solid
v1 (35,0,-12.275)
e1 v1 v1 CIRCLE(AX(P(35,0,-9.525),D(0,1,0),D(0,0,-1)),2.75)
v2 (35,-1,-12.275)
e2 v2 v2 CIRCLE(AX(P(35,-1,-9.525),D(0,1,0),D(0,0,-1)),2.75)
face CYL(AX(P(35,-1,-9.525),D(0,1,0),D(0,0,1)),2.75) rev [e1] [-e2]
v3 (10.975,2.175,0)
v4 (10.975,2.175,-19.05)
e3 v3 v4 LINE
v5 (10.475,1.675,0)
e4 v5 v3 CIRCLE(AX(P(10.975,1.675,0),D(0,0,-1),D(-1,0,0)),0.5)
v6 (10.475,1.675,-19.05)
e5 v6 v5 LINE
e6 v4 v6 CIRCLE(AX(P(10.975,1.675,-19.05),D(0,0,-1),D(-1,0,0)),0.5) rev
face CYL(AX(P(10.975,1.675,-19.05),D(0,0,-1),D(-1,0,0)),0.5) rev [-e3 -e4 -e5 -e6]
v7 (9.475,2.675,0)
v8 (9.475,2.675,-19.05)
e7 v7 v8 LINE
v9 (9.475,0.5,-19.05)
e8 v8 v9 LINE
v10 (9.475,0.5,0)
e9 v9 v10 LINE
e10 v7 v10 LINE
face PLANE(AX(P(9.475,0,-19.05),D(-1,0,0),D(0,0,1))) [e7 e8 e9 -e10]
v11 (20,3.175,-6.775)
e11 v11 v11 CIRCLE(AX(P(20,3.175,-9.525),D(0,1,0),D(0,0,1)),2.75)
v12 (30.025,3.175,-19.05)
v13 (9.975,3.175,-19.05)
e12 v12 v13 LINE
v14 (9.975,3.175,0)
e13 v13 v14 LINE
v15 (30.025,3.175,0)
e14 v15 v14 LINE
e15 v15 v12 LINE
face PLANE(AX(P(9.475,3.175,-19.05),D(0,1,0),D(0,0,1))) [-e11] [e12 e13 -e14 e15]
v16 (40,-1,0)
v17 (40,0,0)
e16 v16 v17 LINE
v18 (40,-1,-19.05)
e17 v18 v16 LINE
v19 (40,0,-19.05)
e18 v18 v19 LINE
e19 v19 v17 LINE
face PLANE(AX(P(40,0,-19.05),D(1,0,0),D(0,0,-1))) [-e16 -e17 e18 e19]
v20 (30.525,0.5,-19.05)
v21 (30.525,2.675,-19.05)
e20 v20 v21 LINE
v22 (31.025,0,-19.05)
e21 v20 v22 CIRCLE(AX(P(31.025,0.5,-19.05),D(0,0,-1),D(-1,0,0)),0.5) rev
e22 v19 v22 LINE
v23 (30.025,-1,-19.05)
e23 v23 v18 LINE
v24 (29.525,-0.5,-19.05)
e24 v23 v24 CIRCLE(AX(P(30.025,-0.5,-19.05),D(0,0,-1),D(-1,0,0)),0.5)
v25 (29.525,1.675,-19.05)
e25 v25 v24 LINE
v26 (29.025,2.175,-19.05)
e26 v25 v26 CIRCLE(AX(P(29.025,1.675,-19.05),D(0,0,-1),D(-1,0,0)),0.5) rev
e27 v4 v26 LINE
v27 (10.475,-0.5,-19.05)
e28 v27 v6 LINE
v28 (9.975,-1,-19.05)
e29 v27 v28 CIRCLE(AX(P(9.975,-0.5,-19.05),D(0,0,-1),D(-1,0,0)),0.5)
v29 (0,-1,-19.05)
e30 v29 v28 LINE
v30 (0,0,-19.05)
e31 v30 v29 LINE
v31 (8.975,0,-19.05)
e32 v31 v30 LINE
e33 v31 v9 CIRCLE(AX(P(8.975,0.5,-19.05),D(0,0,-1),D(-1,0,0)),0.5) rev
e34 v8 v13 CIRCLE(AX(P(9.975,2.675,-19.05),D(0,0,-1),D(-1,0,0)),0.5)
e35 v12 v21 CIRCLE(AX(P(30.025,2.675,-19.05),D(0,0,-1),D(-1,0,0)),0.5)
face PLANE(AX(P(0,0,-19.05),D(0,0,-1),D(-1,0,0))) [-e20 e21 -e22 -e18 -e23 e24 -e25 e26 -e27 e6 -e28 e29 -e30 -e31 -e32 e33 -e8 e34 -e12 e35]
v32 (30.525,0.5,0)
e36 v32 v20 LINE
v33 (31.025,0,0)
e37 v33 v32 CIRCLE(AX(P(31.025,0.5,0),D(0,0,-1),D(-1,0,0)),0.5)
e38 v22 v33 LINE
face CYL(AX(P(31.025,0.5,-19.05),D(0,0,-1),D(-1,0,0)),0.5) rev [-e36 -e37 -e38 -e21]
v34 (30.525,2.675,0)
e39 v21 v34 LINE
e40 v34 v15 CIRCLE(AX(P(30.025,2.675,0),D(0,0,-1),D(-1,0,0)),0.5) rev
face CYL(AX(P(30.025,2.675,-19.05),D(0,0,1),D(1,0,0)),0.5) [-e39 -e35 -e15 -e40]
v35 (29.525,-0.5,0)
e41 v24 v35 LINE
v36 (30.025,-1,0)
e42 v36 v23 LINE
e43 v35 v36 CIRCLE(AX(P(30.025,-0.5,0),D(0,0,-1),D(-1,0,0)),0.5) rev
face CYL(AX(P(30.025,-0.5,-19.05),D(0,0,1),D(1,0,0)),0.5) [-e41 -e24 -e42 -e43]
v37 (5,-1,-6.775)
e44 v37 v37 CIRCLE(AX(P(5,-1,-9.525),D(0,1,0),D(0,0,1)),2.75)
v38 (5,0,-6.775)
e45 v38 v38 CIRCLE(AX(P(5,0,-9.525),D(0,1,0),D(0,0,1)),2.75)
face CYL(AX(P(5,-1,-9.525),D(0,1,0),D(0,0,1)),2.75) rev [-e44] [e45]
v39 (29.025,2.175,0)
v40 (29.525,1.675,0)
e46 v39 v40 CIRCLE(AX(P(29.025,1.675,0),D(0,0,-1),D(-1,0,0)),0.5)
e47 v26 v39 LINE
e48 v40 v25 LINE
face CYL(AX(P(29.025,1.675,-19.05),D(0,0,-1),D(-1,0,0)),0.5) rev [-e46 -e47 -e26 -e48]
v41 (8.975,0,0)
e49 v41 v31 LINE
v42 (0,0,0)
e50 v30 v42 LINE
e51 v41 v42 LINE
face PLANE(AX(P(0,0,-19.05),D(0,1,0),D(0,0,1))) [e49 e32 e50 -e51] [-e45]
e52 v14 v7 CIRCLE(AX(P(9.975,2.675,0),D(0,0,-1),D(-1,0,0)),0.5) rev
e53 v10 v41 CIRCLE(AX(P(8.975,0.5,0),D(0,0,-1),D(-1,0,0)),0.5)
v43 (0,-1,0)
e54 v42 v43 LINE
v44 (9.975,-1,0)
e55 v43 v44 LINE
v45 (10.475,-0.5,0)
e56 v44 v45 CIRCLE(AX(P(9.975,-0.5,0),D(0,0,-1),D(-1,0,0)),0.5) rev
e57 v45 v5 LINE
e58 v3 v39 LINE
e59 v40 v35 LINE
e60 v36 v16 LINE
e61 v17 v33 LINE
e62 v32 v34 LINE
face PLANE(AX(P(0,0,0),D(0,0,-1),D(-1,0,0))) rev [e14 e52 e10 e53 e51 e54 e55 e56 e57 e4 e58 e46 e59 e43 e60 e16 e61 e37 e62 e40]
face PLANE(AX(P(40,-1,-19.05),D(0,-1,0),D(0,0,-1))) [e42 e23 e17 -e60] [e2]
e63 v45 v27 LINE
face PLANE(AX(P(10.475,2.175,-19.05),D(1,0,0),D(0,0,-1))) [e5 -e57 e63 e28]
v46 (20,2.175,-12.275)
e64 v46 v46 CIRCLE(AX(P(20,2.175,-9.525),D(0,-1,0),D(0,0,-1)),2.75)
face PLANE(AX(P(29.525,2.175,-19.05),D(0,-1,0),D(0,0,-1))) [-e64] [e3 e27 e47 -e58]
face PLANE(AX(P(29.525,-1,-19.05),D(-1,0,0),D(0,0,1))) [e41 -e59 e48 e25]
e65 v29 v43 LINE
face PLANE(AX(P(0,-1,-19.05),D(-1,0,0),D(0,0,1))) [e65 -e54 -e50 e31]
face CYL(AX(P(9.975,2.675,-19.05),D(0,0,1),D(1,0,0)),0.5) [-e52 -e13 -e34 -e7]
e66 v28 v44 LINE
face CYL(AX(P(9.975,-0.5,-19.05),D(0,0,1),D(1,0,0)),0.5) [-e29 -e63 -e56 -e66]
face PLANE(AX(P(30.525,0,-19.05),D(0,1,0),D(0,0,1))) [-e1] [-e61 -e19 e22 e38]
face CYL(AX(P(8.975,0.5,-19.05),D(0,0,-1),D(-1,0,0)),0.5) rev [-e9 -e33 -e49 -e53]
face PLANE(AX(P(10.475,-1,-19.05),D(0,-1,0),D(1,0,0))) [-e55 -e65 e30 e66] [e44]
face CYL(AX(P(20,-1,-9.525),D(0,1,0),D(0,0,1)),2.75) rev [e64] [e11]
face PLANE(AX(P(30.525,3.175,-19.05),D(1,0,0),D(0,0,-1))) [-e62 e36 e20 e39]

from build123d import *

# Parameters (mm, degrees)
BOSS_EXTRUDE1_DEPTH = 19.05
FILLET1_R           = 0.5
SKETCH3_R           = 2.75
CUT_EXTRUDE1_DEPTH  = 45.418274674
SKETCH4_R           = 2.75
CUT_EXTRUDE2_DEPTH  = 45.500933979


with BuildPart() as part:
    # Sketch1 → Boss-Extrude1 (new body)
    with BuildSketch(Plane.XY):
        Polygon((0, 0), (9.475, 0), (9.475, 3.175), (30.525, 3.175), (30.525, 0), (40, 0), (40, -1), (29.525, -1), (29.525, 2.175), (10.475, 2.175), (10.475, -1), (0, -1), align=None)
    extrude(amount=-BOSS_EXTRUDE1_DEPTH)

    # Fillet1
    fillet1_edges = [part.edges().sort_by_distance(p)[0] for p in [
        (9.475, 0, -9.525),
        (9.475, 3.175, -9.525),
        (30.525, 3.175, -9.525),
        (30.525, 0, -9.525),
        (29.525, -1, -9.525),
        (29.525, 2.175, -9.525),
        (10.475, 2.175, -9.525),
        (10.475, -1, -9.525),
    ]]
    fillet(fillet1_edges, radius=FILLET1_R)

    # Sketch3 → Cut-Extrude1 (cut, through all)
    with BuildSketch(Plane(origin=(0, 0, 0), x_dir=(1, 0, 0), z_dir=(0, 1, 0))):
        with Locations(Location((5, 9.525, 0), (0, 0, 270))):
            Circle(SKETCH3_R)
        with Locations(Location((35, 9.525, 0), (0, 0, 90))):
            Circle(SKETCH3_R)
    extrude(amount=-CUT_EXTRUDE1_DEPTH, mode=Mode.SUBTRACT)

    # Sketch4 → Cut-Extrude2 (cut, through all)
    with BuildSketch(Plane(origin=(0, 3.175, 0), x_dir=(1, 0, 0), z_dir=(0, 1, 0))):
        with Locations(Location((20, 9.525, 0), (0, 0, 270))):
            Circle(SKETCH4_R)
    extrude(amount=-CUT_EXTRUDE2_DEPTH, mode=Mode.SUBTRACT)


solid = part.part
